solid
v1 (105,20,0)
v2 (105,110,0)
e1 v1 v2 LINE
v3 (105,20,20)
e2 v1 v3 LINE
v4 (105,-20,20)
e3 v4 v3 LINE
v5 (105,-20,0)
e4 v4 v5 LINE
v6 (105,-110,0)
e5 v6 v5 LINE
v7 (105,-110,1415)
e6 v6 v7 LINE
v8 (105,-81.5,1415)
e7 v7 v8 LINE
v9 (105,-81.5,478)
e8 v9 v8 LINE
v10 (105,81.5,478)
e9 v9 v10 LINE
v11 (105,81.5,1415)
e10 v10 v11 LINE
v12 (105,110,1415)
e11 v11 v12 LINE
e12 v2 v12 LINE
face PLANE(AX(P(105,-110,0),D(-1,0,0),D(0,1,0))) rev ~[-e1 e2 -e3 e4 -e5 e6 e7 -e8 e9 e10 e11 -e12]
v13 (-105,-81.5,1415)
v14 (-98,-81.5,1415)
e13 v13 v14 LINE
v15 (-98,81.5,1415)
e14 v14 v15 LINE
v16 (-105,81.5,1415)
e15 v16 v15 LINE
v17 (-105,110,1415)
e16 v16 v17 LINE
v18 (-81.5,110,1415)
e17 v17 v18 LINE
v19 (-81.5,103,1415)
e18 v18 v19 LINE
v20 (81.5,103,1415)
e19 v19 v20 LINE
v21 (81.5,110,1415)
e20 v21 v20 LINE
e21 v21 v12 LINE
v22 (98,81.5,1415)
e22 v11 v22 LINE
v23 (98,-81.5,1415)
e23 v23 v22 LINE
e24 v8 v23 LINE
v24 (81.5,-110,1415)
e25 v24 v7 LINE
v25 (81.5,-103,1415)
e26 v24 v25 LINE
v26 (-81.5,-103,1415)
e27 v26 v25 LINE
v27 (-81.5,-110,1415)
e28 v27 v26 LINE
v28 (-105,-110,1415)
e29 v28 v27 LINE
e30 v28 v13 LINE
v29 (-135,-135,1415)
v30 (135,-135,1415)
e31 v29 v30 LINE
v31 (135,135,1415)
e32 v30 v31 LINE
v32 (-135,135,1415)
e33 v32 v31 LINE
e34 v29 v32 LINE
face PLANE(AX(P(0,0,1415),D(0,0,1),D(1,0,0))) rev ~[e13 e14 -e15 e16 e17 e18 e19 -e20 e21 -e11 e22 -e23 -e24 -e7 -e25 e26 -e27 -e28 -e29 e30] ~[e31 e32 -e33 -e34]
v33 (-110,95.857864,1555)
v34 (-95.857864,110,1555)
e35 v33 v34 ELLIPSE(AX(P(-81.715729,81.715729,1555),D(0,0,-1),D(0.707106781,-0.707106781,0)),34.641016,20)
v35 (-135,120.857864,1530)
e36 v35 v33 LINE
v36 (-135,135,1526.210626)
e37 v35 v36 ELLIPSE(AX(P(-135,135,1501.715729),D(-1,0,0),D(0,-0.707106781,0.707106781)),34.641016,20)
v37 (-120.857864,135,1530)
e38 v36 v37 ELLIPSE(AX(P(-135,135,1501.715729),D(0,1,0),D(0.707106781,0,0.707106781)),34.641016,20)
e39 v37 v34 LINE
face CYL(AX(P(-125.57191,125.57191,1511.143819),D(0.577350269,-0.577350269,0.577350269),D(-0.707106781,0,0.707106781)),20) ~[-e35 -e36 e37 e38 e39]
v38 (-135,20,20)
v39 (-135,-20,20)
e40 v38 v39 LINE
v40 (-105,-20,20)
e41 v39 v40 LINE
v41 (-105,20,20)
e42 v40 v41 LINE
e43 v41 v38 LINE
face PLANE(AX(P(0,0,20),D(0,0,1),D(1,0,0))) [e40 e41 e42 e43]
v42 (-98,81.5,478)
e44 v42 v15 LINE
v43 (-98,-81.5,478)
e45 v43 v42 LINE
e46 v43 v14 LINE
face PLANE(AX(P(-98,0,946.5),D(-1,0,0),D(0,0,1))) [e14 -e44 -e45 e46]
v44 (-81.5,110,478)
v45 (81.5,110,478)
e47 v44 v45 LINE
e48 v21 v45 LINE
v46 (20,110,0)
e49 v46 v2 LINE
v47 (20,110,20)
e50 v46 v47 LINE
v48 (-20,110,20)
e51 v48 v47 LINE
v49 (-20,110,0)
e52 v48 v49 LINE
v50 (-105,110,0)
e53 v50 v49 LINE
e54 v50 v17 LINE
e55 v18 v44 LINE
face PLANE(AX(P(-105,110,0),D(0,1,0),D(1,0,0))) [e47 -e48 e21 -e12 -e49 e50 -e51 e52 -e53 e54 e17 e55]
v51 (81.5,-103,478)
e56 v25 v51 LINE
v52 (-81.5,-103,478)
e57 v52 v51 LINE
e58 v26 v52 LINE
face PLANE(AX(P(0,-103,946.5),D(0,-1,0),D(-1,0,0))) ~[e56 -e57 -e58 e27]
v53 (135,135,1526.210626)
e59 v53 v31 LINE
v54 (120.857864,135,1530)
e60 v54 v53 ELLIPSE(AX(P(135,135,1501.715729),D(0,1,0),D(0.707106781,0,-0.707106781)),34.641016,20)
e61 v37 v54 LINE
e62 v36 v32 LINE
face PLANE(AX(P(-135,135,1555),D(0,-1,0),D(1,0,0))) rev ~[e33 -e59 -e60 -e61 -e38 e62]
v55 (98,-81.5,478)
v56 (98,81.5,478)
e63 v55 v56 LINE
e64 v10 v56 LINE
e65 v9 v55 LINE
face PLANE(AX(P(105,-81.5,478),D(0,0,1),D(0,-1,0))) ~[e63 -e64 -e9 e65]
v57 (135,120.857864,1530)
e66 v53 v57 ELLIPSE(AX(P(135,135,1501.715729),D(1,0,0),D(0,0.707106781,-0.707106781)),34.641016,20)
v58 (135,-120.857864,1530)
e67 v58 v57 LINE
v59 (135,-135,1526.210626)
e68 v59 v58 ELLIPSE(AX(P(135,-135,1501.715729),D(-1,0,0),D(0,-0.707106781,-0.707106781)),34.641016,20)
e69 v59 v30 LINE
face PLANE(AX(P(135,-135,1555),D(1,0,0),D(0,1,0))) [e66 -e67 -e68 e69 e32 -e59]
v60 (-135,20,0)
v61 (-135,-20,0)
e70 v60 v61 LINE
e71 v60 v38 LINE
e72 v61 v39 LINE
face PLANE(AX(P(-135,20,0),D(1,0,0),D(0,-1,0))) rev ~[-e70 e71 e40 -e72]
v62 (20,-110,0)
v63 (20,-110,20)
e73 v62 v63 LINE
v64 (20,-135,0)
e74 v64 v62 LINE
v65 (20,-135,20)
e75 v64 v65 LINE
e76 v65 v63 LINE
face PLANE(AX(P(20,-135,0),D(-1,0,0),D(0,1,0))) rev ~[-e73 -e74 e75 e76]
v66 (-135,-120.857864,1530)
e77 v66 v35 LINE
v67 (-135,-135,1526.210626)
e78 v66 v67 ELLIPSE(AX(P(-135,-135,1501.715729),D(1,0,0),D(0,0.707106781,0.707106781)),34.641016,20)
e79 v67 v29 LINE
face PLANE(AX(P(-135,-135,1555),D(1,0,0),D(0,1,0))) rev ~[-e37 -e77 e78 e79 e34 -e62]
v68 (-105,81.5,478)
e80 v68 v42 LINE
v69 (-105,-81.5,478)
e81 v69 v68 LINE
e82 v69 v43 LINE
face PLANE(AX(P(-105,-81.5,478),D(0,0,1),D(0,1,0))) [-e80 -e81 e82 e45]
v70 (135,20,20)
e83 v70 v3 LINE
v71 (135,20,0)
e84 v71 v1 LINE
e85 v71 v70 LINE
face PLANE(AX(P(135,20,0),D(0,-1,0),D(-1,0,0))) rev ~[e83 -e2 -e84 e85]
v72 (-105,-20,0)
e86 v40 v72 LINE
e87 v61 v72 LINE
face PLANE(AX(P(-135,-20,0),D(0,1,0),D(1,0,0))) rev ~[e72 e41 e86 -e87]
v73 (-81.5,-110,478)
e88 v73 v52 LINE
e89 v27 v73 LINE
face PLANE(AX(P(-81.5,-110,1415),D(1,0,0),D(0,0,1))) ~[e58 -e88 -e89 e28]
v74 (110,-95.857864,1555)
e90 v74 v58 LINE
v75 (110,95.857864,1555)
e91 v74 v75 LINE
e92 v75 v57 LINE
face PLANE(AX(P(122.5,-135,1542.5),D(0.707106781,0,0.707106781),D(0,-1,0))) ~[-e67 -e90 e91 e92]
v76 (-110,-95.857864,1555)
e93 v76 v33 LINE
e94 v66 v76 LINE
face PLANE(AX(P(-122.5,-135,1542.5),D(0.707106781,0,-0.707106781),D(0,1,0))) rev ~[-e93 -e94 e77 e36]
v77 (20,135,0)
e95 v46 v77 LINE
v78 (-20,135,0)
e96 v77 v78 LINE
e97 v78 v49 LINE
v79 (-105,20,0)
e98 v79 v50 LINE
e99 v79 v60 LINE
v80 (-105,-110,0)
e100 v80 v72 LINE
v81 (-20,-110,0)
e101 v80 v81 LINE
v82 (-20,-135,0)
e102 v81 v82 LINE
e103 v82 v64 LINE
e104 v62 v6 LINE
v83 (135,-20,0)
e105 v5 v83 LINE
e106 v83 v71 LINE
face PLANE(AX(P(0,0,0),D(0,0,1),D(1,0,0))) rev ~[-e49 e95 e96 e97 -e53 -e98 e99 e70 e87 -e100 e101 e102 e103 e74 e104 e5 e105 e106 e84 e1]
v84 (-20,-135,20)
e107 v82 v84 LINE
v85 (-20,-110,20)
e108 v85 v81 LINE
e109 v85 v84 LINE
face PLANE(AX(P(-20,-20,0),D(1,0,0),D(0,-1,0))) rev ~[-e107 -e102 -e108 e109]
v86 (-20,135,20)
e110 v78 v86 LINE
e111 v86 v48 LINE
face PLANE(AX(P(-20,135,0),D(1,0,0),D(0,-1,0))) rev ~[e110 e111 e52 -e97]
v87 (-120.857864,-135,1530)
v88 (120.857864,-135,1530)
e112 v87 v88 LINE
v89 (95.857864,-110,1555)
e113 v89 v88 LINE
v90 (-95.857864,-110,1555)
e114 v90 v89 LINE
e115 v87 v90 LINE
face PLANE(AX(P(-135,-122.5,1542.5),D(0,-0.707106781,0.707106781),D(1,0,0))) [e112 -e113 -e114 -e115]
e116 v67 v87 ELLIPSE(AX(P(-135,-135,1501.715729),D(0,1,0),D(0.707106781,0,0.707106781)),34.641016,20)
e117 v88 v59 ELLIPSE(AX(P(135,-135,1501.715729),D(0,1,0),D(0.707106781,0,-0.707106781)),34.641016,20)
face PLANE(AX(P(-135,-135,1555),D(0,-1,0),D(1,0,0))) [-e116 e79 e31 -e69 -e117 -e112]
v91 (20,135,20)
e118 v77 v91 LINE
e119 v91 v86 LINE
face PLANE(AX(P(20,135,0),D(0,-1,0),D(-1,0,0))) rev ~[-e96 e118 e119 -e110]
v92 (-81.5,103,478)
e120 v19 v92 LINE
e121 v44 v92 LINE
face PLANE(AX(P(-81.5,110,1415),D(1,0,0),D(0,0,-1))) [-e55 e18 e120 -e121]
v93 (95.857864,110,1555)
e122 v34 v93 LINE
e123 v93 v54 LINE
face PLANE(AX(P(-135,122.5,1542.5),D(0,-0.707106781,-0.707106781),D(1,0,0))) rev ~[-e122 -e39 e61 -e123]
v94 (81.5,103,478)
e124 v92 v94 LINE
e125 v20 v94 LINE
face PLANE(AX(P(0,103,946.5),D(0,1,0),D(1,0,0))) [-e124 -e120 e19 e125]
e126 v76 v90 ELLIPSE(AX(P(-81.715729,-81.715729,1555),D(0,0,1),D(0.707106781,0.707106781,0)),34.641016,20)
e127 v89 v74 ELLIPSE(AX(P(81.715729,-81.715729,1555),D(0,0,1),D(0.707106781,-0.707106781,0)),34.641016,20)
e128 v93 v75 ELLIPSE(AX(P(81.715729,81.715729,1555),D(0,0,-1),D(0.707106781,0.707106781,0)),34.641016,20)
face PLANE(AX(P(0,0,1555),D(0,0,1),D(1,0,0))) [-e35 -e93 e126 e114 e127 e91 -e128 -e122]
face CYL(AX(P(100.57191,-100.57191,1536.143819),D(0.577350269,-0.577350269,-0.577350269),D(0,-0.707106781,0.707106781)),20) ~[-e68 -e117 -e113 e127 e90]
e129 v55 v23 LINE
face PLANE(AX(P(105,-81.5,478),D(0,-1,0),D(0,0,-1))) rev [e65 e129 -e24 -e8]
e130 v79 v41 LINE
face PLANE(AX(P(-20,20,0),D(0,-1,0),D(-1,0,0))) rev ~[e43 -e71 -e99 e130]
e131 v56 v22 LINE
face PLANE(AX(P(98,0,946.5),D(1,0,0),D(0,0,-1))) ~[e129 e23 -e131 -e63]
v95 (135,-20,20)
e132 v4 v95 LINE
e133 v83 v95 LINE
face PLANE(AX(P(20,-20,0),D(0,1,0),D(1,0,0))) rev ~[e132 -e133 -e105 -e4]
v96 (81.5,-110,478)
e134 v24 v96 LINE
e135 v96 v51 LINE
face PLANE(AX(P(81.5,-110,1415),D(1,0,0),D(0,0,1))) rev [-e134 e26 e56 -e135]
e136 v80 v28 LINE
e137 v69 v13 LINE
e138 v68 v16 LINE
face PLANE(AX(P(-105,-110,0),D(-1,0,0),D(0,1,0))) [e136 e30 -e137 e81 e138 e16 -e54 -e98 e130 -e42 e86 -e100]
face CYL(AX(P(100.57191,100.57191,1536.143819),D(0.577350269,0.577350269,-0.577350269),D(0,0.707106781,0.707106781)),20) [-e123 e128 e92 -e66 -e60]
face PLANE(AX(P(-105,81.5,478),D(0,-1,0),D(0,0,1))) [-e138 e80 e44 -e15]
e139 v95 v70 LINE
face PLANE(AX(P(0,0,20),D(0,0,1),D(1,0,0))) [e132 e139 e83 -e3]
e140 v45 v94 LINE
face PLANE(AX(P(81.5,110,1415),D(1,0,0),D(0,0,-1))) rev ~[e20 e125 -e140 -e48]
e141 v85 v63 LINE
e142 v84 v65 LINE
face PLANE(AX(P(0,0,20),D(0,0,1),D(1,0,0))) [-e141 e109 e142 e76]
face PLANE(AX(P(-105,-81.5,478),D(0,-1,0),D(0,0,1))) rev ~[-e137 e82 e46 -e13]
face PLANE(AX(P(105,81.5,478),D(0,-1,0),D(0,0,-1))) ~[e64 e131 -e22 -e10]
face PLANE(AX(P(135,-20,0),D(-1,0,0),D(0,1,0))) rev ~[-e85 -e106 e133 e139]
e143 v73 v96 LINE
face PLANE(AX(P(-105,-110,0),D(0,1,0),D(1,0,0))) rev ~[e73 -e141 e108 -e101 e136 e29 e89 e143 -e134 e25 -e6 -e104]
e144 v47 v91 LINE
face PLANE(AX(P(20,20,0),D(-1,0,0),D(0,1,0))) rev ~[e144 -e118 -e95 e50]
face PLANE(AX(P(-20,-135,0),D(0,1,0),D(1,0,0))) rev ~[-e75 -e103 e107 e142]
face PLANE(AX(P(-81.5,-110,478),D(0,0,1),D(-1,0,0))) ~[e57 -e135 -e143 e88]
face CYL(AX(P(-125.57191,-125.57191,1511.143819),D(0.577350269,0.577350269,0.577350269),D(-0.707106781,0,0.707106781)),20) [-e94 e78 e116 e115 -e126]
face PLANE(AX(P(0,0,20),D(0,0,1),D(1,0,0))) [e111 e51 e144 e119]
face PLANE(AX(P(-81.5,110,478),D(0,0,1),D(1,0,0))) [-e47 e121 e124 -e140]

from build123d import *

# Parameters (mm, degrees)
SKETCH1_W           = 210
SKETCH1_H           = 220
BOSS_EXTRUDE1_DEPTH = 1555
SKETCH2_W           = 937
SKETCH2_H           = 163
CUT_EXTRUDE1_DEPTH  = 7
SKETCH4_W           = 163
SKETCH4_H           = 937
CUT_EXTRUDE2_DEPTH  = 7
SKETCH5_W           = 270
SKETCH5_H           = 270
BOSS_EXTRUDE2_DEPTH = 140
CHAMFER1_SIZE       = 25
FILLET1_R           = 20
BOSS_EXTRUDE3_DEPTH = 20


with BuildPart() as part:
    # Sketch1 → Boss-Extrude1 (new body)
    with BuildSketch(Plane.XY):
        Rectangle(SKETCH1_W, SKETCH1_H)
    extrude(amount=BOSS_EXTRUDE1_DEPTH)

    # Sketch2 → Cut-Extrude1 (cut)
    with BuildSketch(Plane.ZY.offset(105)):
        with Locations((946.5, 0)):
            Rectangle(SKETCH2_W, SKETCH2_H)
    cut_extrude1 = extrude(amount=-CUT_EXTRUDE1_DEPTH, mode=Mode.SUBTRACT)

    # Mirror2: Cut-Extrude1 across plane
    add(cut_extrude1.mirror(Plane(origin=(0, 0, 0), x_dir=(0, 0, 1), z_dir=(1, 0, 0))), mode=Mode.SUBTRACT)

    # Sketch4 → Cut-Extrude2 (cut)
    with BuildSketch(Plane(origin=(0, 110, 0), x_dir=(1, 0, 0), z_dir=(0, 1, 0))):
        with Locations((0, -946.5)):
            Rectangle(SKETCH4_W, SKETCH4_H)
    cut_extrude2 = extrude(amount=-CUT_EXTRUDE2_DEPTH, mode=Mode.SUBTRACT)

    # Mirror3: Cut-Extrude2 across plane
    add(cut_extrude2.mirror(Plane.ZX), mode=Mode.SUBTRACT)

    # Sketch5 → Boss-Extrude2 (add)
    with BuildSketch(Plane.XY.offset(1555)):
        Rectangle(SKETCH5_W, SKETCH5_H)
    extrude(amount=-BOSS_EXTRUDE2_DEPTH)

    # Chamfer1
    chamfer1_edges = [part.edges().sort_by_distance(p)[0] for p in [
        (135, 0, 1555),
        (0, 135, 1555),
        (-135, 0, 1555),
        (0, -135, 1555),
    ]]
    chamfer(chamfer1_edges, length=CHAMFER1_SIZE)

    # Fillet1
    fillet1_edges = [part.edges().sort_by_distance(p)[0] for p in [
        (122.5, 122.5, 1542.5),
        (122.5, -122.5, 1542.5),
        (-122.5, 122.5, 1542.5),
        (-122.5, -122.5, 1542.5),
    ]]
    fillet(fillet1_edges, radius=FILLET1_R)

    # Sketch6 → Boss-Extrude3 (add)
    with BuildSketch(Plane(origin=(0, 0, 0), x_dir=(-1, 0, 0), z_dir=(0, 0, -1))):
        Polygon((-20, 135), (20, 135), (20, 20), (135, 20), (135, -20), (20, -20), (20, -135), (-20, -135), (-20, -20), (-135, -20), (-135, 20), (-20, 20), align=None)
    extrude(amount=-BOSS_EXTRUDE3_DEPTH)


solid = part.part
